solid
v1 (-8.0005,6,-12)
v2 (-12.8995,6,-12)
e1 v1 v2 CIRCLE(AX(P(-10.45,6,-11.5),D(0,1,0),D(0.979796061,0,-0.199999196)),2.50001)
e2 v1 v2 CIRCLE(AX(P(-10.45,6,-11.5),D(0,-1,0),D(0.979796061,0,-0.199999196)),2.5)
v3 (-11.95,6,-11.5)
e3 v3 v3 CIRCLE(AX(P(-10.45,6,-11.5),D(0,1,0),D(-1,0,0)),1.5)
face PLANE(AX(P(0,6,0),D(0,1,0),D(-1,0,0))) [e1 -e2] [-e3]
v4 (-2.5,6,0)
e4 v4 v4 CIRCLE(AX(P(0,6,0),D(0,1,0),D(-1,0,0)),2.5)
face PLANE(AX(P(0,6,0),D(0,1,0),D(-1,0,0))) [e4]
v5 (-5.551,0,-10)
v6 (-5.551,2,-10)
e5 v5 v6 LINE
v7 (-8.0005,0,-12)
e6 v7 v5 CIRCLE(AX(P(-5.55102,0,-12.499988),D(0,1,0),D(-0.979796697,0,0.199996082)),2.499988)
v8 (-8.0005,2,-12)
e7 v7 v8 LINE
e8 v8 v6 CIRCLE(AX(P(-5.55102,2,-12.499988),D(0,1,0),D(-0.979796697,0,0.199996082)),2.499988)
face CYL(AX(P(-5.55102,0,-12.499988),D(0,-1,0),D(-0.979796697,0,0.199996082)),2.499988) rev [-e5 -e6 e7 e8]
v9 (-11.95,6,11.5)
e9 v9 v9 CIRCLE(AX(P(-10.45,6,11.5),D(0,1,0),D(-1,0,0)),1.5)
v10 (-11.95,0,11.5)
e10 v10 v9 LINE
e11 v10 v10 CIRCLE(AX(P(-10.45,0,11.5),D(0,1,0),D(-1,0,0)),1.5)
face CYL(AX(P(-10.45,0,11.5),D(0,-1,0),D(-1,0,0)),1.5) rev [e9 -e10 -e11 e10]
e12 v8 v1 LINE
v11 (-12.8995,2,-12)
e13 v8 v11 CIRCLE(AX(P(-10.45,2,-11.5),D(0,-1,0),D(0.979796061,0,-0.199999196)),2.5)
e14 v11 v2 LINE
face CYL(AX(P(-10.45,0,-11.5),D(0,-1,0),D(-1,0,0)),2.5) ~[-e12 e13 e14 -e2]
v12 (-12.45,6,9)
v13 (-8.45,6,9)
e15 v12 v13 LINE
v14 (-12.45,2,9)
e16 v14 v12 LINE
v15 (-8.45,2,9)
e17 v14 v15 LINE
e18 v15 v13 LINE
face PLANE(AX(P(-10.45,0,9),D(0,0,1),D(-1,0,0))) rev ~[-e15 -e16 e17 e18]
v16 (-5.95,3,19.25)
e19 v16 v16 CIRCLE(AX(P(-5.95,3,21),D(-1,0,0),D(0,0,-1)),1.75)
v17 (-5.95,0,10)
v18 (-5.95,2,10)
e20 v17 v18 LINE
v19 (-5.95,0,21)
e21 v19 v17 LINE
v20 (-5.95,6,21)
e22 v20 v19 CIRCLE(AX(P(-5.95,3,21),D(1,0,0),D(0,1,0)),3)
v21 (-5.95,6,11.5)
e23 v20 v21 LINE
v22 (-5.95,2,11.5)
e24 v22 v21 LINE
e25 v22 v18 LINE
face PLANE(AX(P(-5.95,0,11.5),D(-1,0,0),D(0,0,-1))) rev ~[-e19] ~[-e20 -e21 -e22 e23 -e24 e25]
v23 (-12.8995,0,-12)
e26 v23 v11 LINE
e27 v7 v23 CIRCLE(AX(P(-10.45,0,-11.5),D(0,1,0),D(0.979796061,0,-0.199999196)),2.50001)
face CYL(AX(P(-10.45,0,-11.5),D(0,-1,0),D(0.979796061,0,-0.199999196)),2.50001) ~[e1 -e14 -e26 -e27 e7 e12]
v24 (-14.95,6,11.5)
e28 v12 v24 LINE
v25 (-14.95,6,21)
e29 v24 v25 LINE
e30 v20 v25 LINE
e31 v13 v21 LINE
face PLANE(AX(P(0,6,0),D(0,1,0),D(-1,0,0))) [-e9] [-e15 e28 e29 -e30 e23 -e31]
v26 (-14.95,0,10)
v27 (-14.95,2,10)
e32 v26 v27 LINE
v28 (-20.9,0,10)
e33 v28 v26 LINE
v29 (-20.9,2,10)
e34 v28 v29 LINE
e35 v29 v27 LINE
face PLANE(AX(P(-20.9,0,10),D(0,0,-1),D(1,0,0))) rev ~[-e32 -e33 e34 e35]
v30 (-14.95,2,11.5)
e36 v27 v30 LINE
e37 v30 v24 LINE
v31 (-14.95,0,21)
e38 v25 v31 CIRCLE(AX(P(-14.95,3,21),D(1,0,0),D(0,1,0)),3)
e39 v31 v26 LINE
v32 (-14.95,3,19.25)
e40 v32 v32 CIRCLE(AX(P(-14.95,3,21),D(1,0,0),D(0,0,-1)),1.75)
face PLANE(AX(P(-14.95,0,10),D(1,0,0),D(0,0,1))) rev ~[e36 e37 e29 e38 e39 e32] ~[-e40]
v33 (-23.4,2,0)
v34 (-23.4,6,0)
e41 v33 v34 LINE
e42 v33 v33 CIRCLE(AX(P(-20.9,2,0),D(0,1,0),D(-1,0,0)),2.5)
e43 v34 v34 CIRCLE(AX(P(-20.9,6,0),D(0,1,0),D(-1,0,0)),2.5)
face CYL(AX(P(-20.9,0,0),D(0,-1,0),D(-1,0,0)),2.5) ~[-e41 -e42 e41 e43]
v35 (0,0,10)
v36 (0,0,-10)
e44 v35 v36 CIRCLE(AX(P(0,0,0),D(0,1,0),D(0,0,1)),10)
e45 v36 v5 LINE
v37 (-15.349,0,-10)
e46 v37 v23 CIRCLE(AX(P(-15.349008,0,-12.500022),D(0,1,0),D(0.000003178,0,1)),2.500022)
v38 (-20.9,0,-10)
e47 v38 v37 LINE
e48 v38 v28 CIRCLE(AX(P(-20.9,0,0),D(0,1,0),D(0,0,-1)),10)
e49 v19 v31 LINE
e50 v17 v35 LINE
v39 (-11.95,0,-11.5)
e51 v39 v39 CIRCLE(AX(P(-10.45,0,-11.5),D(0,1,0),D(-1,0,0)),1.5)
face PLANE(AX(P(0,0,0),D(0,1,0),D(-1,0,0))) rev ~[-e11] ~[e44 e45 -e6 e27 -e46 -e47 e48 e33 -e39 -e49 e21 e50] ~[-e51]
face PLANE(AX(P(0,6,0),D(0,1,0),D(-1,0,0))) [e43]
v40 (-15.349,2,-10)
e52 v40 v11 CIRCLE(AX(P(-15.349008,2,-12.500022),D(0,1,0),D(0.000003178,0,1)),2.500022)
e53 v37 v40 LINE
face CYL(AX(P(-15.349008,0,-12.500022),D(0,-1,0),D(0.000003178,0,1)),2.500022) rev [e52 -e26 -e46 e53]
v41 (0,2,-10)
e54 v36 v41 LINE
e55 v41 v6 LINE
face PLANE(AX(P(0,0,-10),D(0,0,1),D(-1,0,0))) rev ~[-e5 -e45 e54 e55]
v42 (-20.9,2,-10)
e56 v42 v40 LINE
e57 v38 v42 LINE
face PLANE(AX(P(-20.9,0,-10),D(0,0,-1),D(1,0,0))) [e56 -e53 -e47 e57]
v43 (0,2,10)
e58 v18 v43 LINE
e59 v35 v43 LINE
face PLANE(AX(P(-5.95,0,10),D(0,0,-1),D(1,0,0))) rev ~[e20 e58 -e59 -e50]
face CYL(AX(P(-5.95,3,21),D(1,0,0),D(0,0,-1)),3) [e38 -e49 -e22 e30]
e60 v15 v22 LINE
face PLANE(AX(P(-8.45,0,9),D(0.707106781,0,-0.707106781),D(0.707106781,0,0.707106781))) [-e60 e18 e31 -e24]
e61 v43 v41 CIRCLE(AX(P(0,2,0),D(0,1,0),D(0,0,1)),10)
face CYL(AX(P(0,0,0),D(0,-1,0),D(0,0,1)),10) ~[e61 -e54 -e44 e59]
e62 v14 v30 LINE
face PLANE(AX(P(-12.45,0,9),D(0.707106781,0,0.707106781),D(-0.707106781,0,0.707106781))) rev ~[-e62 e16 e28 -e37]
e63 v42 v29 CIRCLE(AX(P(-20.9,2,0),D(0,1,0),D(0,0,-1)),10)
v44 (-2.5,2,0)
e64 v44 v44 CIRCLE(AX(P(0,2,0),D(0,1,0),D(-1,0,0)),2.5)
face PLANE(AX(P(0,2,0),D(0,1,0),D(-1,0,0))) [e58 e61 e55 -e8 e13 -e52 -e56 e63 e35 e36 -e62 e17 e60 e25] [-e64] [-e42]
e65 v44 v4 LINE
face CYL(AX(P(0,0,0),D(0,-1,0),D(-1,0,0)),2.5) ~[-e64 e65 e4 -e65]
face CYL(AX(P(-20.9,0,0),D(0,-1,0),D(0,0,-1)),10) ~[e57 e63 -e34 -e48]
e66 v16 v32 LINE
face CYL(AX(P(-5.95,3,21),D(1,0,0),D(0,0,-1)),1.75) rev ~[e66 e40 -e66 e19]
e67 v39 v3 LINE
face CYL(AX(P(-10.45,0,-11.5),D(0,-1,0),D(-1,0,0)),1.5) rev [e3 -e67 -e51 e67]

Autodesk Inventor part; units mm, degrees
ref_plane "YZ Plane" through (0, 0, 0) normal (1, 0, 0) x (0, 1, 0)
ref_plane "XZ Plane" through (0, 0, 0) normal (0, 1, 0) x (-1, 0, 0)
ref_plane "XY Plane" through (0, 0, 0) normal (0, 0, 1) x (1, 0, 0)
sketch "Boceto1" plane through (0, 0, 0) normal (0, 1, 0) x (-1, 0, 0)
  circle A0 centre (0, 0) radius 2.5
  arc A1 (0, 10) -> (0, -10) centre (0, 0) ccw
  circle A2 centre (20.9, 0) radius 2.5
  arc A3 (20.9, -10) -> (20.9, 10) centre (20.9, 0) ccw
  line L0 (20.9, 10) -> (14.95, 10)
  line L1 (5.95, 10) -> (0, 10)
  line L2 (14.95, 10) -> (14.95, 24)
  line L3 (14.95, 24) -> (5.95, 24)
  line L4 (5.95, 24) -> (5.95, 10)
  line L5 (10.45, 9) -> (12.45, 9)
  line L6 (12.45, 9) -> (8.45, 9)
  circle A4 centre (10.45, 11.5) radius 1.5
  line L7 (12.45, 9) -> (14.95, 11.5)
  line L8 (8.45, 9) -> (5.95, 11.5)
  circle A5 centre (10.45, -11.5) radius 1.5
  arc A6 (8.0005, -12) -> (12.8995, -12) centre (10.45, -11.5) ccw
  line L9 (20.9, -10) -> (15.349, -10)
  line L10 (0, -10) -> (5.551, -10)
  arc A7 (8.0005, -12) -> (5.551, -10) centre (5.551, -12.5) ccw
  arc A8 (15.349, -10) -> (12.8995, -12) centre (15.349, -12.5) ccw
  circle A9 centre (10.45, -11.5) radius 2.5
  point P0 (8.45, -10)
  point P1 (12.45, -10)
  dimension "d10" = 5
  dimension "d11" = 20
  dimension "d13" = 5
  dimension "d14" = 20
  dimension "d19" = 9
  dimension "d20" = 14
  dimension "d25" = 3
  dimension "d27" = 3
  dimension "d28" = 5
  dimension "d29" = 2.5
  dimension "d30" = 5
extrude "Extrusión1" add sketch "Boceto1" along normal blind 6 contours A0 | L4 L3 L2 L7 L5 L6 L8 | A9 A6 | A2
extrude "Extrusión2" add sketch "Boceto1" along normal blind 2 contours L1 L4 L8 L6 L5 L7 L2 L0 A3 L9 A8 A9 A7 L10 A1
sketch "Boceto2" plane through (-5.95, 0, 24) normal (1, 0, 0) x (0, 0, -1)
  line L0 (0, 0) -> (14, 0) projected
  line L1 (14, 0) -> (14, 2) projected
  line L2 (12.5, 2) -> (14, 2) projected
  line L3 (12.5, 2) -> (12.5, 6) projected
  line L4 (0, 6) -> (12.5, 6) projected
  line L5 (0, 0) -> (0, 6) projected
  line L6 (0, 6) -> (12.5, 6) projected
  line L7 (0, 6) -> (0, 3)
  line L8 (0, 0) -> (0, 6) projected
  line L9 (0, 3) -> (3, 3)
  circle A0 centre (3, 3) radius 3
  circle A1 centre (3, 3) radius 1.75
  line L10 (0, 6) -> (3, 6)
  line L11 (0, 3) -> (0, 0)
  point P0 (24, 0)
  point P1 (3, 6)
  point P2 (3, 0)
  dimension "d37" = 6
  dimension "d35" = 3
  dimension "d36" = 3
  dimension "d38" = 3.5
extrude "Extrusión3" cut sketch "Boceto2" against normal blind 9 contours L5 A0 L0 | A1 | L5 L4 A0
properties part number "basedelapinza1"
